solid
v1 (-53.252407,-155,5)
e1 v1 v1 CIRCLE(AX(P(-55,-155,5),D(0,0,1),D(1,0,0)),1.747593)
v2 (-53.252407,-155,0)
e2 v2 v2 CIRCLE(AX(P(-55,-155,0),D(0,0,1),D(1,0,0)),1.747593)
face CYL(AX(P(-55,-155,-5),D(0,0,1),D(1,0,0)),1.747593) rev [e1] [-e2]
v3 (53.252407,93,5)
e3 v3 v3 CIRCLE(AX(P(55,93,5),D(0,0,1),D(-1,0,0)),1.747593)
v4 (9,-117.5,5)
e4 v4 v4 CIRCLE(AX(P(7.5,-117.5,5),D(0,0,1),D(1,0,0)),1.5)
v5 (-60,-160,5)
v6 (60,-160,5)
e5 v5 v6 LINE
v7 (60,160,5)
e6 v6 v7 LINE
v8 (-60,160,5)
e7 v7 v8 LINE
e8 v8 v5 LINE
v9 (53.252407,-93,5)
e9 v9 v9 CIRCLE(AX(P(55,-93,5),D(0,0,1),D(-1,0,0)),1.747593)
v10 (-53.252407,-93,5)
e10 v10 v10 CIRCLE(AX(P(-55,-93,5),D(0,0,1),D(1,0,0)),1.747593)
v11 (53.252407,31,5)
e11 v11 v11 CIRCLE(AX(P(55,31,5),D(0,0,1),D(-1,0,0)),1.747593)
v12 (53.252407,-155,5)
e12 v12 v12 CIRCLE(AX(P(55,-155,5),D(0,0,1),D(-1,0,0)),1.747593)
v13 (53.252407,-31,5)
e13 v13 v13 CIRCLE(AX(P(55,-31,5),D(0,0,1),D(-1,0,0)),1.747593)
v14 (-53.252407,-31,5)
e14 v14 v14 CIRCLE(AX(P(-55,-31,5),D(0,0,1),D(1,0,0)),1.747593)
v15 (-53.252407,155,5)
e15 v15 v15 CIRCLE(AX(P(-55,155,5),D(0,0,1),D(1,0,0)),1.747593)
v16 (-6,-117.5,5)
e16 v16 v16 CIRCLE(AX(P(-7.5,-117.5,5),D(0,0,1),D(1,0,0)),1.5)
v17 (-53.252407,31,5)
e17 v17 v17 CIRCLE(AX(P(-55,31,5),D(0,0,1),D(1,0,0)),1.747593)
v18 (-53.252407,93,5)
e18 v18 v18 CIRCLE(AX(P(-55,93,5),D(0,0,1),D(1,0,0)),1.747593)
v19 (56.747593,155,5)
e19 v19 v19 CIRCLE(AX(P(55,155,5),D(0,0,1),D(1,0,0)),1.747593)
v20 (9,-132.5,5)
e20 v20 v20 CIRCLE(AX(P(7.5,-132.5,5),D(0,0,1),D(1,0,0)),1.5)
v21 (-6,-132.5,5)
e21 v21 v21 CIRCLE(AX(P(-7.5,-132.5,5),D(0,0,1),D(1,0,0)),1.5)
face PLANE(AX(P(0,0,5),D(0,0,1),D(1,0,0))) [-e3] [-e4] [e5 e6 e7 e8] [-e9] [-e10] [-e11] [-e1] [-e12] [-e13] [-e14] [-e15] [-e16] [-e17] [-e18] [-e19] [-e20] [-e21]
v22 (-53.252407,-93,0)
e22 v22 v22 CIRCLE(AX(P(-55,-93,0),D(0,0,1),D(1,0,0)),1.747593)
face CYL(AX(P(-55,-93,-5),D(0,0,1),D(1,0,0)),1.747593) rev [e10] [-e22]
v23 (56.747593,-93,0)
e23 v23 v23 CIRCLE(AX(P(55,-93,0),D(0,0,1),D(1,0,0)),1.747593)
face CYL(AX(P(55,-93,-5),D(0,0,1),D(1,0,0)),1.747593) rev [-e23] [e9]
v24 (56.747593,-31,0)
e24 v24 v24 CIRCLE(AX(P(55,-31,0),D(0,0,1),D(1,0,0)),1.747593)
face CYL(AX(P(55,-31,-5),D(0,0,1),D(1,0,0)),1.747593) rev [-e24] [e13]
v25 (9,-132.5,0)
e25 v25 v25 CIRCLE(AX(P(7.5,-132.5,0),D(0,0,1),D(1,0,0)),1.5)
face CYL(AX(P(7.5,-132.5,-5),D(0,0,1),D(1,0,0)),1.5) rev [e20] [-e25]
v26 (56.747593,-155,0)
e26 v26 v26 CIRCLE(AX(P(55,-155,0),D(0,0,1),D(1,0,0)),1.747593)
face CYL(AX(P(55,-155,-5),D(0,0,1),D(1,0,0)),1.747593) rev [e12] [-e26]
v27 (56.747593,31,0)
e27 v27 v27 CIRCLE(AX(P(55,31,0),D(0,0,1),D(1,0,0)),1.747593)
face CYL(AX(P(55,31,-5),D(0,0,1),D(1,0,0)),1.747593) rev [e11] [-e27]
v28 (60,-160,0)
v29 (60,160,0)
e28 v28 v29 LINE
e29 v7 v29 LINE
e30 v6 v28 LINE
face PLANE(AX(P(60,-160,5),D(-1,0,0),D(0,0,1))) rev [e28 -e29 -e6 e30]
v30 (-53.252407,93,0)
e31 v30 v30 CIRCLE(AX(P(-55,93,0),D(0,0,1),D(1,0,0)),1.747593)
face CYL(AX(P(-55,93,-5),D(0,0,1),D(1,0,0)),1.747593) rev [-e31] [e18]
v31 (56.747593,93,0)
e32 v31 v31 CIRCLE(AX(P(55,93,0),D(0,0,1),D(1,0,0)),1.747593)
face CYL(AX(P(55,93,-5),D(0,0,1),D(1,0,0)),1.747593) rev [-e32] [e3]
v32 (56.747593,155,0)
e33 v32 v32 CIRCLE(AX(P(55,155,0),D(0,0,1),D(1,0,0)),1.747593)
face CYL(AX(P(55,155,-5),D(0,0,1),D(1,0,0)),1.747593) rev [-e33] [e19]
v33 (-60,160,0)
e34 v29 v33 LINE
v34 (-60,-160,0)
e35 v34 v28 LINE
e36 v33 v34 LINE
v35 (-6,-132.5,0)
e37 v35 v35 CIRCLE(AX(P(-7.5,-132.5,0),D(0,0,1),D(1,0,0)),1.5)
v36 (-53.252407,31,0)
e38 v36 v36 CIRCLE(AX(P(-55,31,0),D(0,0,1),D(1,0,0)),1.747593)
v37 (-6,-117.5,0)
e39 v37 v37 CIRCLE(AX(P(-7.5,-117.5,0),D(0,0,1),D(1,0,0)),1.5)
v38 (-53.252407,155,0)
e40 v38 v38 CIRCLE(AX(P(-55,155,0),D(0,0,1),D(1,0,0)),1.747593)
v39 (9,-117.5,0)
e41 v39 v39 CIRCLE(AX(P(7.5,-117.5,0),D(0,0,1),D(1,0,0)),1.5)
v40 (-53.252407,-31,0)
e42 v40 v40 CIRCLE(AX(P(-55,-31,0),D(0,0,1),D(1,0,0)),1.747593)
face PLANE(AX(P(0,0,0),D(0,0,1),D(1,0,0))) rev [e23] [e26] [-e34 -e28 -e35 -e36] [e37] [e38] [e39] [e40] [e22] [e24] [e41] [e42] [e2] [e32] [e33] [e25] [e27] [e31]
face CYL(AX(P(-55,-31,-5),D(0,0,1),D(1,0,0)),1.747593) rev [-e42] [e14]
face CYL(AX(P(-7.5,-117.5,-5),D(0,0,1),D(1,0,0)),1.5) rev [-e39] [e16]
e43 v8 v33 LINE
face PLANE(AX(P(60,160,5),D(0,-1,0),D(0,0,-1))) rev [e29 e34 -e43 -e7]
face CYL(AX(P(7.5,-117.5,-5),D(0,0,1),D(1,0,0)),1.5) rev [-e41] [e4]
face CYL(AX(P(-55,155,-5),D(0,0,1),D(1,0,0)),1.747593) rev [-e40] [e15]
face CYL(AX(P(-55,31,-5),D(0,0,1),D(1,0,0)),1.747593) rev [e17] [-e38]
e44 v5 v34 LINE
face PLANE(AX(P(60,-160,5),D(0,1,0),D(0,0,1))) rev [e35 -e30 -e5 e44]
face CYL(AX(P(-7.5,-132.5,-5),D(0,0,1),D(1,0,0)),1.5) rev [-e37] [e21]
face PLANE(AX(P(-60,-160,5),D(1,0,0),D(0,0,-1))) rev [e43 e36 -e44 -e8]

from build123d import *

# Parameters (mm, degrees)
ESQUISSE1_W             = 120
ESQUISSE1_H             = 320
BOSS_EXTRU_1_DEPTH      = 5
ESQUISSE2_R             = 1.747592995
ESQUISSE2_R_2           = 1.5
ENL_V_MAT_EXTRU_1_DEPTH = 10


with BuildPart() as part:
    # Esquisse1 → Boss.-Extru.1 (new body)
    with BuildSketch(Plane.XY):
        Rectangle(ESQUISSE1_W, ESQUISSE1_H)
    extrude(amount=BOSS_EXTRU_1_DEPTH)

    # Esquisse2 → Enlèv. mat.-Extru.1 (cut)
    with BuildSketch(Plane.XY.offset(5)):
        with Locations((-55, 155)):
            Circle(ESQUISSE2_R)
        with Locations((55, 155)):
            Circle(ESQUISSE2_R)
        with Locations((-55, 93)):
            Circle(ESQUISSE2_R)
        with Locations((-55, 31)):
            Circle(ESQUISSE2_R)
        with Locations((-55, -31)):
            Circle(ESQUISSE2_R)
        with Locations((-55, -93)):
            Circle(ESQUISSE2_R)
        with Locations((-55, -155)):
            Circle(ESQUISSE2_R)
        with Locations((55, 93)):
            Circle(ESQUISSE2_R)
        with Locations((55, 31)):
            Circle(ESQUISSE2_R)
        with Locations((55, -31)):
            Circle(ESQUISSE2_R)
        with Locations((55, -93)):
            Circle(ESQUISSE2_R)
        with Locations((-7.5, -117.5)):
            Circle(ESQUISSE2_R_2)
        with Locations((7.5, -117.5)):
            Circle(ESQUISSE2_R_2)
        with Locations((7.5, -132.5)):
            Circle(ESQUISSE2_R_2)
        with Locations((-7.5, -132.5)):
            Circle(ESQUISSE2_R_2)
        with Locations((55, -155)):
            Circle(ESQUISSE2_R)
    extrude(amount=-ENL_V_MAT_EXTRU_1_DEPTH, mode=Mode.SUBTRACT)


solid = part.part
